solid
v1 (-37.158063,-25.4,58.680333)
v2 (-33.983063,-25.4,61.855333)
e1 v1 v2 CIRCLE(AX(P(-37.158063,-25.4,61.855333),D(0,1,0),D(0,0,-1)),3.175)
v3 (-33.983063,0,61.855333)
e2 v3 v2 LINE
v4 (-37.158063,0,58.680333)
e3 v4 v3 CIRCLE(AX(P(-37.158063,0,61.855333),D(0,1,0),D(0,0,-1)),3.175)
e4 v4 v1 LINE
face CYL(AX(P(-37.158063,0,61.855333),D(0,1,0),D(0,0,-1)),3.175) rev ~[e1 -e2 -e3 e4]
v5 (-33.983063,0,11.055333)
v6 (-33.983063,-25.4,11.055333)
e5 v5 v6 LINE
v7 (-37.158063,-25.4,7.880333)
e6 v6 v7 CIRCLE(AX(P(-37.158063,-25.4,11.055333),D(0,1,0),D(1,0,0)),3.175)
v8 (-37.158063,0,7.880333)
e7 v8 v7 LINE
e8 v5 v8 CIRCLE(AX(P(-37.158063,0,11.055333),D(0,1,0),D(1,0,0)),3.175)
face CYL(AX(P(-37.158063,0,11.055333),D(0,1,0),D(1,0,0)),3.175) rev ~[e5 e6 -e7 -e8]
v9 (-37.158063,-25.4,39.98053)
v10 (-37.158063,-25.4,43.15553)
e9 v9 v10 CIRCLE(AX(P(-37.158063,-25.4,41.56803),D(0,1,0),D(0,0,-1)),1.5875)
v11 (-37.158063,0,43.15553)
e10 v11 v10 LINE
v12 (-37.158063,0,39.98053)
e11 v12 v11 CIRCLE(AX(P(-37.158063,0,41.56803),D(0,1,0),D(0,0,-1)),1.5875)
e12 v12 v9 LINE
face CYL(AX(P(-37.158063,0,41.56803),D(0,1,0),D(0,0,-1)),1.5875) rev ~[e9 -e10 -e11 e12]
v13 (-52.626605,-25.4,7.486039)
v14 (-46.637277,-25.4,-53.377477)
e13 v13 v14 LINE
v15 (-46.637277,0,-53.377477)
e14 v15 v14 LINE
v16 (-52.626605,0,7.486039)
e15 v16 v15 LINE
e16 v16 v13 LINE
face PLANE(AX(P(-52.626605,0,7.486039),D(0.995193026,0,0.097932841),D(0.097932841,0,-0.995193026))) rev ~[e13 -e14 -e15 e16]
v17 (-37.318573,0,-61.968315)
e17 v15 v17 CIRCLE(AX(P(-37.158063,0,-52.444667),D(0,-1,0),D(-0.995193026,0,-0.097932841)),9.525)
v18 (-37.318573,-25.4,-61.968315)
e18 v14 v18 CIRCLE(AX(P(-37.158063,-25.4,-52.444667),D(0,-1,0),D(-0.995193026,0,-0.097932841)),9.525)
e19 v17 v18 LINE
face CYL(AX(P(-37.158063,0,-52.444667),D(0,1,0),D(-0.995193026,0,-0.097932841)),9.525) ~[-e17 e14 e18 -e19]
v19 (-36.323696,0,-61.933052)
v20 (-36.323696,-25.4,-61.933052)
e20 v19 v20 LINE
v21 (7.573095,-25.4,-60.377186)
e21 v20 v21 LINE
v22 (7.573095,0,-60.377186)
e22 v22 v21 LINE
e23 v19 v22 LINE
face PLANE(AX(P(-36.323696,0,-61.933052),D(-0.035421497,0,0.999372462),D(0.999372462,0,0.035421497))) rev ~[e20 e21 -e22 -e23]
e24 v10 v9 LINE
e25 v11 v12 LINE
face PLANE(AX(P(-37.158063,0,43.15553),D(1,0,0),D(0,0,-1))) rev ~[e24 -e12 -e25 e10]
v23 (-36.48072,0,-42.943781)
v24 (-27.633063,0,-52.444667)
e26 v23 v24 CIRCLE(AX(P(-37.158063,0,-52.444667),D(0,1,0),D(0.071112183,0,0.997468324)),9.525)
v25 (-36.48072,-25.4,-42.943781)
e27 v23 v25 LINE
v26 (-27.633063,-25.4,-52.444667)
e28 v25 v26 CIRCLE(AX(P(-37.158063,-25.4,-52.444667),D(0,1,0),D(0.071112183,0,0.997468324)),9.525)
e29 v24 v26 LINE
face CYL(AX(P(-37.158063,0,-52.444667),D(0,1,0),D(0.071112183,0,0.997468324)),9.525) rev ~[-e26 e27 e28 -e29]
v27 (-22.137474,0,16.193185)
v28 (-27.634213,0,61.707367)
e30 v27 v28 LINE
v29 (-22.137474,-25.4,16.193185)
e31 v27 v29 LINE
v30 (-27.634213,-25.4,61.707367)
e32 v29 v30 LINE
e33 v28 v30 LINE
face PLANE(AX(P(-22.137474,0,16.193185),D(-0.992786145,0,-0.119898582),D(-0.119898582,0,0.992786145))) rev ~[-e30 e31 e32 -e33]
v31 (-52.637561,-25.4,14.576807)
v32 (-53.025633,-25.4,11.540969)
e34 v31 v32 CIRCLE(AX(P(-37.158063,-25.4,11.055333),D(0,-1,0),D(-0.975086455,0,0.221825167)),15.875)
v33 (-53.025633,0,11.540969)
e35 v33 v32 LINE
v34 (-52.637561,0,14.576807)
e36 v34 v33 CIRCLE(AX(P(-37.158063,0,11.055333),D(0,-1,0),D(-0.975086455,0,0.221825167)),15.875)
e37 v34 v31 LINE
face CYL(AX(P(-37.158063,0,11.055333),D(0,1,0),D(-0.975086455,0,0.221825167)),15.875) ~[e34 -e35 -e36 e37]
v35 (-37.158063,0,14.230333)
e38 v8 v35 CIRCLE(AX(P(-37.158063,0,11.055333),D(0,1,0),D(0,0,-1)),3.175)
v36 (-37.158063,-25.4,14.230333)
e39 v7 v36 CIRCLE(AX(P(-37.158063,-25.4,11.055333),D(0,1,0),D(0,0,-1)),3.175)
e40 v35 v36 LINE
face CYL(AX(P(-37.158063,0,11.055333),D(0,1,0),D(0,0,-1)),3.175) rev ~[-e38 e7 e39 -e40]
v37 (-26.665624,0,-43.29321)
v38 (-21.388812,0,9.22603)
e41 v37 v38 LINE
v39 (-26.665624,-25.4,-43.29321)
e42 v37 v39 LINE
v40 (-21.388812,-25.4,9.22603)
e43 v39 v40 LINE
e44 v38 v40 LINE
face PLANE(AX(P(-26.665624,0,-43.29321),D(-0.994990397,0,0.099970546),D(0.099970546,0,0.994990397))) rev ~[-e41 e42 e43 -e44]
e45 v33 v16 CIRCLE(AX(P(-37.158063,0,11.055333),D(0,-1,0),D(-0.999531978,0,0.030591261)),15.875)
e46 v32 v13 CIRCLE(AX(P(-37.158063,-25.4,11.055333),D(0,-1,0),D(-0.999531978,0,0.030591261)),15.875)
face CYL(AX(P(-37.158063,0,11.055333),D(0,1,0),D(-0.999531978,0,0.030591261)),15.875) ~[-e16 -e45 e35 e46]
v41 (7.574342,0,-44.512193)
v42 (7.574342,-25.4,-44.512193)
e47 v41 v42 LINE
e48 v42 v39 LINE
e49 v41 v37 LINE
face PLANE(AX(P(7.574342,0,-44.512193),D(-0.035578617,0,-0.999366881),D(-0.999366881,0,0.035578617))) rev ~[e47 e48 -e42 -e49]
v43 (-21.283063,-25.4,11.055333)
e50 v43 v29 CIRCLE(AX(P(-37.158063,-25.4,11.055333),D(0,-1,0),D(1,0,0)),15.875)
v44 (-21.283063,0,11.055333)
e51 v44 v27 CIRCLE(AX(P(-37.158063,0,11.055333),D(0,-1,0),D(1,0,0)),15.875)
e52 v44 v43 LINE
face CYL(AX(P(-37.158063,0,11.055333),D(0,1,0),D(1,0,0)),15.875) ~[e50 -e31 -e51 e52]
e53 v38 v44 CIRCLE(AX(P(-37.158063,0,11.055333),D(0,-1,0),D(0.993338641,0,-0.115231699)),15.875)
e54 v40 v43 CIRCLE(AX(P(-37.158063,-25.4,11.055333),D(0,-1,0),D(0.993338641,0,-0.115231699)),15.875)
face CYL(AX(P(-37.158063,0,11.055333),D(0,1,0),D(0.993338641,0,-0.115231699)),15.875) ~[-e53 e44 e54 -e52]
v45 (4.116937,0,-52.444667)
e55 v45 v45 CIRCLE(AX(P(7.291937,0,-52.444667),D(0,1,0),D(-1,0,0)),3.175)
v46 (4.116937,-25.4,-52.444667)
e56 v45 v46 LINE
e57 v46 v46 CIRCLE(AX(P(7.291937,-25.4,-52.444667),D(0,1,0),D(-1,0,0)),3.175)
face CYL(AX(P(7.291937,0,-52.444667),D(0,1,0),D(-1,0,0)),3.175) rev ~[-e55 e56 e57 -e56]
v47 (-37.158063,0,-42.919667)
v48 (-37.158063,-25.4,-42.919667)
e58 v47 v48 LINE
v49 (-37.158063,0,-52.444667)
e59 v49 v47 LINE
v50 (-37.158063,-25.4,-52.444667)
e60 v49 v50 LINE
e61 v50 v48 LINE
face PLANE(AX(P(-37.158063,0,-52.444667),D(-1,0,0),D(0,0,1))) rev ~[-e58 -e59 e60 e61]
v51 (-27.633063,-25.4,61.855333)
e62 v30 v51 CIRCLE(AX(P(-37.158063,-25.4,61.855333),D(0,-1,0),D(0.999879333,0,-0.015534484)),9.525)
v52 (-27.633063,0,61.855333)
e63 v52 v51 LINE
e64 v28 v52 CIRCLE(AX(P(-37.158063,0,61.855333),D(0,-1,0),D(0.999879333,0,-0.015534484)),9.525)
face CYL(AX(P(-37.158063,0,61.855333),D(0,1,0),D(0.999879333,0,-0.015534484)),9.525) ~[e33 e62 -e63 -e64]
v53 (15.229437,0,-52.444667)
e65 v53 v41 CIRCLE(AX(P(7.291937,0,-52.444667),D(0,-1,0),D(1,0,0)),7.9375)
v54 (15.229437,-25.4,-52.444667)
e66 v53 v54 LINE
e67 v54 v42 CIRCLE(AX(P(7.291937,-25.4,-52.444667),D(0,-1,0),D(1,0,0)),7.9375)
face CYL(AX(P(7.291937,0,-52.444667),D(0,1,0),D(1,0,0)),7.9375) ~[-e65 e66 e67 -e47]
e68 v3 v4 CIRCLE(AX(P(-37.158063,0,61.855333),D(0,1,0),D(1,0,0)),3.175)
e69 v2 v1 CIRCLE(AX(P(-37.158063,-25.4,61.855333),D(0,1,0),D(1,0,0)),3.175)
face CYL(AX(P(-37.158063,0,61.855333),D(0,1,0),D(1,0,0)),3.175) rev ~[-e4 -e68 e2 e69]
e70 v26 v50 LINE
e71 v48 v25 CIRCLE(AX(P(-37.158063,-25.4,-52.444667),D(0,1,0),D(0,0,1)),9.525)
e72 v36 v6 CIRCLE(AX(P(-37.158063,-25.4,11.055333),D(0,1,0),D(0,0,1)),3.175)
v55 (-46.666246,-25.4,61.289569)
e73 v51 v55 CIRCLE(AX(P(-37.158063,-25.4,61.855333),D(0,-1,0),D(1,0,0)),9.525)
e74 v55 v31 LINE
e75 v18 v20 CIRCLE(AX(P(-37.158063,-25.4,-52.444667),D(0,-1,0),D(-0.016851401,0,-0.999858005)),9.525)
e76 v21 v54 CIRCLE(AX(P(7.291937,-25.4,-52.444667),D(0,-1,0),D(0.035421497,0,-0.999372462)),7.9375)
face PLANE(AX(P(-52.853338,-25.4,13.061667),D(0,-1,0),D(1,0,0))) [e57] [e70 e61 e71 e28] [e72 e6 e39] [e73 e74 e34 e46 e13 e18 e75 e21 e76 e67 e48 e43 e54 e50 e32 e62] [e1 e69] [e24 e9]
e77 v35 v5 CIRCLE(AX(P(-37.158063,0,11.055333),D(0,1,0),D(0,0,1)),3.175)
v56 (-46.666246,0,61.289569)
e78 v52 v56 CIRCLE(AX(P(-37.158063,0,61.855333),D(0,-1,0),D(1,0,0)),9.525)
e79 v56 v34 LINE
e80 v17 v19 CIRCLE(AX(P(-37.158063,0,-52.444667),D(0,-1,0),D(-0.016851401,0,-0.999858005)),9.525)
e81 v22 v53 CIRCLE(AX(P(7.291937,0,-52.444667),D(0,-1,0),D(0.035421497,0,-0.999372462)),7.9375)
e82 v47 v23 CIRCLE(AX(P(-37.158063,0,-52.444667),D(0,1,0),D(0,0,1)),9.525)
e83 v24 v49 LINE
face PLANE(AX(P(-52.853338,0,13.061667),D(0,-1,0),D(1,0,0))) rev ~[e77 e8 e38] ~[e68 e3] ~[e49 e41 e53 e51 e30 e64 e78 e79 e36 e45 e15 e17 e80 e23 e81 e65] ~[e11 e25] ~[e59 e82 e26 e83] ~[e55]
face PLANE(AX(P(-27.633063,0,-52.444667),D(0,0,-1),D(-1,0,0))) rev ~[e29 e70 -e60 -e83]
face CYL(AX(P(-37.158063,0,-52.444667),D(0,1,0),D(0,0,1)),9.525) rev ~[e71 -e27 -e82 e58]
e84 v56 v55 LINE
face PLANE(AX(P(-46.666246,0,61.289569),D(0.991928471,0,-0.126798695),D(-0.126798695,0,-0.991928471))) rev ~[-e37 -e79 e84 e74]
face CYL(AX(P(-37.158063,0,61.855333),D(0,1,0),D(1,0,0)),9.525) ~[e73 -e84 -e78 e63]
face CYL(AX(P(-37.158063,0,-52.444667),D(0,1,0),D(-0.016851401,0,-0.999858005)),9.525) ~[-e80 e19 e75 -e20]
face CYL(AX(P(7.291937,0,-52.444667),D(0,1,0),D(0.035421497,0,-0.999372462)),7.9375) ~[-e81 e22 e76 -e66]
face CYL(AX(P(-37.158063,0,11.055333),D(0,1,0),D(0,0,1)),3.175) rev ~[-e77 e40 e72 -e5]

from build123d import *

# Parameters (mm, degrees)
F1_DEPTH = 25.4


with BuildPart() as f1:
    # F0 (on Front) → F1 (new body)
    with BuildSketch(Plane.XZ):
        with BuildLine():
            ThreePointArc((-52.6375608147, 14.5768073923), (-52.9049278081, 13.0682621547), (-53.0256334851, 11.5409691302))
            Line((-53.0256334851, 11.5409691302), (-52.6375608147, 14.5768073923))
        make_face()
        with BuildLine():
            ThreePointArc((-53.0256334851, 11.5409691302), (-52.9567526213, 9.5006490161), (-52.626604548, 7.4860391306))
            Line((-52.626604548, 7.4860391306), (-53.0256334851, 11.5409691302))
        make_face()
        with BuildLine():
            Line((-36.3236962015, -61.933052478), (-37.3185729295, -61.9683146297))
            ThreePointArc((-37.3185729295, -61.9683146297), (-36.8206735744, -61.9636898307), (-36.3236962015, -61.933052478))
        make_face()
        with BuildLine():
            ThreePointArc((-46.6372769074, -53.3774774429), (-44.2153518815, -46.0477691807), (-37.1580633365, -42.9196671314))
            Line((-37.1580633365, -42.9196671314), (-37.1580633365, -4.8196671314))
            ThreePointArc((-37.1580633365, -4.8196671314), (-47.0412077478, -1.3679952502), (-52.626604548, 7.4860391306))
            Line((-52.626604548, 7.4860391306), (-46.6372769074, -53.3774774429))
        make_face()
        with BuildLine():
            Line((7.5743419381, -44.5121925169), (-26.6656242241, -43.2932101041))
            Line((-26.6656242241, -43.2932101041), (-27.5851066228, -52.4446671314))
            Line((-27.5851066228, -52.4446671314), (-0.6455633365, -52.4446671314))
            ThreePointArc((-0.6455633365, -52.4446671314), (1.7800261788, -46.7330343475), (7.5743419381, -44.5121925169))
        make_face()
        with BuildLine():
            ThreePointArc((-27.6330633365, 61.8553328686), (-37.4410701637, 71.3761275904), (-46.6662459371, 61.2895691085))
            ThreePointArc((-46.6662459371, 61.2895691085), (-43.6901657999, 54.9229983118), (-37.1580633365, 52.3303328686))
            ThreePointArc((-37.1580633365, 52.3303328686), (-30.4753898723, 55.0680285162), (-27.6342126932, 61.7073669112))
            ThreePointArc((-27.6342126932, 61.7073669112), (-27.63335068, 61.781347658), (-27.6330633365, 61.8553328686))
        make_face()
        with BuildLine():
            ThreePointArc((-33.9830633365, 61.8553328686), (-34.9129993062, 59.6102688383), (-37.1580633365, 58.6803328686))
            ThreePointArc((-37.1580633365, 58.6803328686), (-39.4031273667, 64.1003968988), (-33.9830633365, 61.8553328686))
        make_face(mode=Mode.SUBTRACT)
        with BuildLine():
            ThreePointArc((15.2294366635, -52.4446671314), (13.0035694475, -46.9327566467), (7.5743419381, -44.5121925169))
            ThreePointArc((7.5743419381, -44.5121925169), (1.7800261788, -46.7330343475), (-0.6455633365, -52.4446671314))
            ThreePointArc((-0.6455633365, -52.4446671314), (1.7795772071, -58.1558666091), (7.5730947986, -60.3771860475))
            ThreePointArc((7.5730947986, -60.3771860475), (13.0031361412, -57.9570265878), (15.2294366635, -52.4446671314))
        make_face()
        with BuildLine():
            ThreePointArc((10.4669366635, -52.4446671314), (7.2919366635, -55.6196671314), (4.1169366635, -52.4446671314))
            ThreePointArc((4.1169366635, -52.4446671314), (7.2919366635, -49.2696671314), (10.4669366635, -52.4446671314))
        make_face(mode=Mode.SUBTRACT)
        with BuildLine():
            Line((-37.1580633365, 39.9805296719), (-37.1580633365, 26.9303328686))
            ThreePointArc((-37.1580633365, 26.9303328686), (-27.9262644654, 23.9700343597), (-22.1374741528, 16.1931851022))
            Line((-22.1374741528, 16.1931851022), (-27.6342126932, 61.7073669112))
            ThreePointArc((-27.6342126932, 61.7073669112), (-30.4753898723, 55.0680285162), (-37.1580633365, 52.3303328686))
            Line((-37.1580633365, 52.3303328686), (-37.1580633365, 43.1555296719))
            ThreePointArc((-37.1580633365, 43.1555296719), (-36.0355313213, 42.690561687), (-35.5705633365, 41.5680296719))
            ThreePointArc((-35.5705633365, 41.5680296719), (-36.0355313213, 40.4454976568), (-37.1580633365, 39.9805296719))
        make_face()
        with BuildLine():
            Line((-37.1580633365, 7.8803328686), (-37.1580633365, -4.8196671314))
            ThreePointArc((-37.1580633365, -4.8196671314), (-26.5992888705, -0.7991138404), (-21.3888124112, 9.2260296526))
            ThreePointArc((-21.3888124112, 9.2260296526), (-21.3095226554, 10.1391542393), (-21.2830633365, 11.0553328686))
            ThreePointArc((-21.2830633365, 11.0553328686), (-21.4981227508, 13.6595382857), (-22.1374741528, 16.1931851022))
            ThreePointArc((-22.1374741528, 16.1931851022), (-27.9262644654, 23.9700343597), (-37.1580633365, 26.9303328686))
            Line((-37.1580633365, 26.9303328686), (-37.1580633365, 14.2303328686))
            ThreePointArc((-37.1580633365, 14.2303328686), (-34.9129993062, 13.3003968988), (-33.9830633365, 11.0553328686))
            ThreePointArc((-33.9830633365, 11.0553328686), (-34.9129993062, 8.8102688383), (-37.1580633365, 7.8803328686))
        make_face()
        with BuildLine():
            Line((-37.1580633365, -4.8196671314), (-37.1580633365, -42.9196671314))
            ThreePointArc((-37.1580633365, -42.9196671314), (-36.819177007, -42.9256975939), (-36.4807197886, -42.9437813455))
            Line((-36.4807197886, -42.9437813455), (-26.6656242241, -43.2932101041))
            Line((-26.6656242241, -43.2932101041), (-21.3888124112, 9.2260296526))
            ThreePointArc((-21.3888124112, 9.2260296526), (-26.5992888705, -0.7991138404), (-37.1580633365, -4.8196671314))
        make_face()
        with BuildLine():
            Line((-37.1580633365, -52.4446671314), (-37.1580633365, -42.9196671314))
            ThreePointArc((-37.1580633365, -42.9196671314), (-44.2153518815, -46.0477691807), (-46.6372769074, -53.3774774429))
            ThreePointArc((-46.6372769074, -53.3774774429), (-43.6141989114, -59.4478048881), (-37.3185729295, -61.9683146297))
            Line((-37.3185729295, -61.9683146297), (-36.3236962015, -61.933052478))
            ThreePointArc((-36.3236962015, -61.933052478), (-30.1340697445, -58.8781062599), (-27.6330633365, -52.4446671314))
            Line((-27.6330633365, -52.4446671314), (-37.1580633365, -52.4446671314))
        make_face()
        with BuildLine():
            Line((-27.5851066228, -52.4446671314), (-27.6330633365, -52.4446671314))
            ThreePointArc((-27.6330633365, -52.4446671314), (-30.1340697445, -58.8781062599), (-36.3236962015, -61.933052478))
            Line((-36.3236962015, -61.933052478), (7.5730947986, -60.3771860475))
            ThreePointArc((7.5730947986, -60.3771860475), (1.7795772071, -58.1558666091), (-0.6455633365, -52.4446671314))
            Line((-0.6455633365, -52.4446671314), (-27.5851066228, -52.4446671314))
        make_face()
        with BuildLine():
            Line((-26.6656242241, -43.2932101041), (-36.4807197886, -42.9437813455))
            ThreePointArc((-36.4807197886, -42.9437813455), (-30.187506605, -45.9533680432), (-27.6330633365, -52.4446671314))
            Line((-27.6330633365, -52.4446671314), (-27.5851066228, -52.4446671314))
            Line((-27.5851066228, -52.4446671314), (-26.6656242241, -43.2932101041))
        make_face()
        with BuildLine():
            ThreePointArc((-52.626604548, 7.4860391306), (-47.0412077478, -1.3679952502), (-37.1580633365, -4.8196671314))
            Line((-37.1580633365, -4.8196671314), (-37.1580633365, 7.8803328686))
            ThreePointArc((-37.1580633365, 7.8803328686), (-40.3330633365, 11.0553328686), (-37.1580633365, 14.2303328686))
            Line((-37.1580633365, 14.2303328686), (-37.1580633365, 26.9303328686))
            ThreePointArc((-37.1580633365, 26.9303328686), (-47.0603917731, 23.4633752819), (-52.6375608147, 14.5768073923))
            Line((-52.6375608147, 14.5768073923), (-53.0256334851, 11.5409691302))
            Line((-53.0256334851, 11.5409691302), (-52.626604548, 7.4860391306))
        make_face()
        with BuildLine():
            Line((-37.1580633365, 43.1555296719), (-37.1580633365, 39.9805296719))
            ThreePointArc((-37.1580633365, 39.9805296719), (-36.0355313213, 40.4454976568), (-35.5705633365, 41.5680296719))
            ThreePointArc((-35.5705633365, 41.5680296719), (-36.0355313213, 42.690561687), (-37.1580633365, 43.1555296719))
        make_face()
        with BuildLine():
            ThreePointArc((-52.6375608147, 14.5768073923), (-47.0603917731, 23.4633752819), (-37.1580633365, 26.9303328686))
            Line((-37.1580633365, 26.9303328686), (-37.1580633365, 39.9805296719))
            ThreePointArc((-37.1580633365, 39.9805296719), (-38.7455633365, 41.5680296719), (-37.1580633365, 43.1555296719))
            Line((-37.1580633365, 43.1555296719), (-37.1580633365, 52.3303328686))
            ThreePointArc((-37.1580633365, 52.3303328686), (-43.6901657999, 54.9229983118), (-46.6662459371, 61.2895691085))
            Line((-46.6662459371, 61.2895691085), (-52.6375608147, 14.5768073923))
        make_face()
    extrude(amount=F1_DEPTH)


solid = f1.part
